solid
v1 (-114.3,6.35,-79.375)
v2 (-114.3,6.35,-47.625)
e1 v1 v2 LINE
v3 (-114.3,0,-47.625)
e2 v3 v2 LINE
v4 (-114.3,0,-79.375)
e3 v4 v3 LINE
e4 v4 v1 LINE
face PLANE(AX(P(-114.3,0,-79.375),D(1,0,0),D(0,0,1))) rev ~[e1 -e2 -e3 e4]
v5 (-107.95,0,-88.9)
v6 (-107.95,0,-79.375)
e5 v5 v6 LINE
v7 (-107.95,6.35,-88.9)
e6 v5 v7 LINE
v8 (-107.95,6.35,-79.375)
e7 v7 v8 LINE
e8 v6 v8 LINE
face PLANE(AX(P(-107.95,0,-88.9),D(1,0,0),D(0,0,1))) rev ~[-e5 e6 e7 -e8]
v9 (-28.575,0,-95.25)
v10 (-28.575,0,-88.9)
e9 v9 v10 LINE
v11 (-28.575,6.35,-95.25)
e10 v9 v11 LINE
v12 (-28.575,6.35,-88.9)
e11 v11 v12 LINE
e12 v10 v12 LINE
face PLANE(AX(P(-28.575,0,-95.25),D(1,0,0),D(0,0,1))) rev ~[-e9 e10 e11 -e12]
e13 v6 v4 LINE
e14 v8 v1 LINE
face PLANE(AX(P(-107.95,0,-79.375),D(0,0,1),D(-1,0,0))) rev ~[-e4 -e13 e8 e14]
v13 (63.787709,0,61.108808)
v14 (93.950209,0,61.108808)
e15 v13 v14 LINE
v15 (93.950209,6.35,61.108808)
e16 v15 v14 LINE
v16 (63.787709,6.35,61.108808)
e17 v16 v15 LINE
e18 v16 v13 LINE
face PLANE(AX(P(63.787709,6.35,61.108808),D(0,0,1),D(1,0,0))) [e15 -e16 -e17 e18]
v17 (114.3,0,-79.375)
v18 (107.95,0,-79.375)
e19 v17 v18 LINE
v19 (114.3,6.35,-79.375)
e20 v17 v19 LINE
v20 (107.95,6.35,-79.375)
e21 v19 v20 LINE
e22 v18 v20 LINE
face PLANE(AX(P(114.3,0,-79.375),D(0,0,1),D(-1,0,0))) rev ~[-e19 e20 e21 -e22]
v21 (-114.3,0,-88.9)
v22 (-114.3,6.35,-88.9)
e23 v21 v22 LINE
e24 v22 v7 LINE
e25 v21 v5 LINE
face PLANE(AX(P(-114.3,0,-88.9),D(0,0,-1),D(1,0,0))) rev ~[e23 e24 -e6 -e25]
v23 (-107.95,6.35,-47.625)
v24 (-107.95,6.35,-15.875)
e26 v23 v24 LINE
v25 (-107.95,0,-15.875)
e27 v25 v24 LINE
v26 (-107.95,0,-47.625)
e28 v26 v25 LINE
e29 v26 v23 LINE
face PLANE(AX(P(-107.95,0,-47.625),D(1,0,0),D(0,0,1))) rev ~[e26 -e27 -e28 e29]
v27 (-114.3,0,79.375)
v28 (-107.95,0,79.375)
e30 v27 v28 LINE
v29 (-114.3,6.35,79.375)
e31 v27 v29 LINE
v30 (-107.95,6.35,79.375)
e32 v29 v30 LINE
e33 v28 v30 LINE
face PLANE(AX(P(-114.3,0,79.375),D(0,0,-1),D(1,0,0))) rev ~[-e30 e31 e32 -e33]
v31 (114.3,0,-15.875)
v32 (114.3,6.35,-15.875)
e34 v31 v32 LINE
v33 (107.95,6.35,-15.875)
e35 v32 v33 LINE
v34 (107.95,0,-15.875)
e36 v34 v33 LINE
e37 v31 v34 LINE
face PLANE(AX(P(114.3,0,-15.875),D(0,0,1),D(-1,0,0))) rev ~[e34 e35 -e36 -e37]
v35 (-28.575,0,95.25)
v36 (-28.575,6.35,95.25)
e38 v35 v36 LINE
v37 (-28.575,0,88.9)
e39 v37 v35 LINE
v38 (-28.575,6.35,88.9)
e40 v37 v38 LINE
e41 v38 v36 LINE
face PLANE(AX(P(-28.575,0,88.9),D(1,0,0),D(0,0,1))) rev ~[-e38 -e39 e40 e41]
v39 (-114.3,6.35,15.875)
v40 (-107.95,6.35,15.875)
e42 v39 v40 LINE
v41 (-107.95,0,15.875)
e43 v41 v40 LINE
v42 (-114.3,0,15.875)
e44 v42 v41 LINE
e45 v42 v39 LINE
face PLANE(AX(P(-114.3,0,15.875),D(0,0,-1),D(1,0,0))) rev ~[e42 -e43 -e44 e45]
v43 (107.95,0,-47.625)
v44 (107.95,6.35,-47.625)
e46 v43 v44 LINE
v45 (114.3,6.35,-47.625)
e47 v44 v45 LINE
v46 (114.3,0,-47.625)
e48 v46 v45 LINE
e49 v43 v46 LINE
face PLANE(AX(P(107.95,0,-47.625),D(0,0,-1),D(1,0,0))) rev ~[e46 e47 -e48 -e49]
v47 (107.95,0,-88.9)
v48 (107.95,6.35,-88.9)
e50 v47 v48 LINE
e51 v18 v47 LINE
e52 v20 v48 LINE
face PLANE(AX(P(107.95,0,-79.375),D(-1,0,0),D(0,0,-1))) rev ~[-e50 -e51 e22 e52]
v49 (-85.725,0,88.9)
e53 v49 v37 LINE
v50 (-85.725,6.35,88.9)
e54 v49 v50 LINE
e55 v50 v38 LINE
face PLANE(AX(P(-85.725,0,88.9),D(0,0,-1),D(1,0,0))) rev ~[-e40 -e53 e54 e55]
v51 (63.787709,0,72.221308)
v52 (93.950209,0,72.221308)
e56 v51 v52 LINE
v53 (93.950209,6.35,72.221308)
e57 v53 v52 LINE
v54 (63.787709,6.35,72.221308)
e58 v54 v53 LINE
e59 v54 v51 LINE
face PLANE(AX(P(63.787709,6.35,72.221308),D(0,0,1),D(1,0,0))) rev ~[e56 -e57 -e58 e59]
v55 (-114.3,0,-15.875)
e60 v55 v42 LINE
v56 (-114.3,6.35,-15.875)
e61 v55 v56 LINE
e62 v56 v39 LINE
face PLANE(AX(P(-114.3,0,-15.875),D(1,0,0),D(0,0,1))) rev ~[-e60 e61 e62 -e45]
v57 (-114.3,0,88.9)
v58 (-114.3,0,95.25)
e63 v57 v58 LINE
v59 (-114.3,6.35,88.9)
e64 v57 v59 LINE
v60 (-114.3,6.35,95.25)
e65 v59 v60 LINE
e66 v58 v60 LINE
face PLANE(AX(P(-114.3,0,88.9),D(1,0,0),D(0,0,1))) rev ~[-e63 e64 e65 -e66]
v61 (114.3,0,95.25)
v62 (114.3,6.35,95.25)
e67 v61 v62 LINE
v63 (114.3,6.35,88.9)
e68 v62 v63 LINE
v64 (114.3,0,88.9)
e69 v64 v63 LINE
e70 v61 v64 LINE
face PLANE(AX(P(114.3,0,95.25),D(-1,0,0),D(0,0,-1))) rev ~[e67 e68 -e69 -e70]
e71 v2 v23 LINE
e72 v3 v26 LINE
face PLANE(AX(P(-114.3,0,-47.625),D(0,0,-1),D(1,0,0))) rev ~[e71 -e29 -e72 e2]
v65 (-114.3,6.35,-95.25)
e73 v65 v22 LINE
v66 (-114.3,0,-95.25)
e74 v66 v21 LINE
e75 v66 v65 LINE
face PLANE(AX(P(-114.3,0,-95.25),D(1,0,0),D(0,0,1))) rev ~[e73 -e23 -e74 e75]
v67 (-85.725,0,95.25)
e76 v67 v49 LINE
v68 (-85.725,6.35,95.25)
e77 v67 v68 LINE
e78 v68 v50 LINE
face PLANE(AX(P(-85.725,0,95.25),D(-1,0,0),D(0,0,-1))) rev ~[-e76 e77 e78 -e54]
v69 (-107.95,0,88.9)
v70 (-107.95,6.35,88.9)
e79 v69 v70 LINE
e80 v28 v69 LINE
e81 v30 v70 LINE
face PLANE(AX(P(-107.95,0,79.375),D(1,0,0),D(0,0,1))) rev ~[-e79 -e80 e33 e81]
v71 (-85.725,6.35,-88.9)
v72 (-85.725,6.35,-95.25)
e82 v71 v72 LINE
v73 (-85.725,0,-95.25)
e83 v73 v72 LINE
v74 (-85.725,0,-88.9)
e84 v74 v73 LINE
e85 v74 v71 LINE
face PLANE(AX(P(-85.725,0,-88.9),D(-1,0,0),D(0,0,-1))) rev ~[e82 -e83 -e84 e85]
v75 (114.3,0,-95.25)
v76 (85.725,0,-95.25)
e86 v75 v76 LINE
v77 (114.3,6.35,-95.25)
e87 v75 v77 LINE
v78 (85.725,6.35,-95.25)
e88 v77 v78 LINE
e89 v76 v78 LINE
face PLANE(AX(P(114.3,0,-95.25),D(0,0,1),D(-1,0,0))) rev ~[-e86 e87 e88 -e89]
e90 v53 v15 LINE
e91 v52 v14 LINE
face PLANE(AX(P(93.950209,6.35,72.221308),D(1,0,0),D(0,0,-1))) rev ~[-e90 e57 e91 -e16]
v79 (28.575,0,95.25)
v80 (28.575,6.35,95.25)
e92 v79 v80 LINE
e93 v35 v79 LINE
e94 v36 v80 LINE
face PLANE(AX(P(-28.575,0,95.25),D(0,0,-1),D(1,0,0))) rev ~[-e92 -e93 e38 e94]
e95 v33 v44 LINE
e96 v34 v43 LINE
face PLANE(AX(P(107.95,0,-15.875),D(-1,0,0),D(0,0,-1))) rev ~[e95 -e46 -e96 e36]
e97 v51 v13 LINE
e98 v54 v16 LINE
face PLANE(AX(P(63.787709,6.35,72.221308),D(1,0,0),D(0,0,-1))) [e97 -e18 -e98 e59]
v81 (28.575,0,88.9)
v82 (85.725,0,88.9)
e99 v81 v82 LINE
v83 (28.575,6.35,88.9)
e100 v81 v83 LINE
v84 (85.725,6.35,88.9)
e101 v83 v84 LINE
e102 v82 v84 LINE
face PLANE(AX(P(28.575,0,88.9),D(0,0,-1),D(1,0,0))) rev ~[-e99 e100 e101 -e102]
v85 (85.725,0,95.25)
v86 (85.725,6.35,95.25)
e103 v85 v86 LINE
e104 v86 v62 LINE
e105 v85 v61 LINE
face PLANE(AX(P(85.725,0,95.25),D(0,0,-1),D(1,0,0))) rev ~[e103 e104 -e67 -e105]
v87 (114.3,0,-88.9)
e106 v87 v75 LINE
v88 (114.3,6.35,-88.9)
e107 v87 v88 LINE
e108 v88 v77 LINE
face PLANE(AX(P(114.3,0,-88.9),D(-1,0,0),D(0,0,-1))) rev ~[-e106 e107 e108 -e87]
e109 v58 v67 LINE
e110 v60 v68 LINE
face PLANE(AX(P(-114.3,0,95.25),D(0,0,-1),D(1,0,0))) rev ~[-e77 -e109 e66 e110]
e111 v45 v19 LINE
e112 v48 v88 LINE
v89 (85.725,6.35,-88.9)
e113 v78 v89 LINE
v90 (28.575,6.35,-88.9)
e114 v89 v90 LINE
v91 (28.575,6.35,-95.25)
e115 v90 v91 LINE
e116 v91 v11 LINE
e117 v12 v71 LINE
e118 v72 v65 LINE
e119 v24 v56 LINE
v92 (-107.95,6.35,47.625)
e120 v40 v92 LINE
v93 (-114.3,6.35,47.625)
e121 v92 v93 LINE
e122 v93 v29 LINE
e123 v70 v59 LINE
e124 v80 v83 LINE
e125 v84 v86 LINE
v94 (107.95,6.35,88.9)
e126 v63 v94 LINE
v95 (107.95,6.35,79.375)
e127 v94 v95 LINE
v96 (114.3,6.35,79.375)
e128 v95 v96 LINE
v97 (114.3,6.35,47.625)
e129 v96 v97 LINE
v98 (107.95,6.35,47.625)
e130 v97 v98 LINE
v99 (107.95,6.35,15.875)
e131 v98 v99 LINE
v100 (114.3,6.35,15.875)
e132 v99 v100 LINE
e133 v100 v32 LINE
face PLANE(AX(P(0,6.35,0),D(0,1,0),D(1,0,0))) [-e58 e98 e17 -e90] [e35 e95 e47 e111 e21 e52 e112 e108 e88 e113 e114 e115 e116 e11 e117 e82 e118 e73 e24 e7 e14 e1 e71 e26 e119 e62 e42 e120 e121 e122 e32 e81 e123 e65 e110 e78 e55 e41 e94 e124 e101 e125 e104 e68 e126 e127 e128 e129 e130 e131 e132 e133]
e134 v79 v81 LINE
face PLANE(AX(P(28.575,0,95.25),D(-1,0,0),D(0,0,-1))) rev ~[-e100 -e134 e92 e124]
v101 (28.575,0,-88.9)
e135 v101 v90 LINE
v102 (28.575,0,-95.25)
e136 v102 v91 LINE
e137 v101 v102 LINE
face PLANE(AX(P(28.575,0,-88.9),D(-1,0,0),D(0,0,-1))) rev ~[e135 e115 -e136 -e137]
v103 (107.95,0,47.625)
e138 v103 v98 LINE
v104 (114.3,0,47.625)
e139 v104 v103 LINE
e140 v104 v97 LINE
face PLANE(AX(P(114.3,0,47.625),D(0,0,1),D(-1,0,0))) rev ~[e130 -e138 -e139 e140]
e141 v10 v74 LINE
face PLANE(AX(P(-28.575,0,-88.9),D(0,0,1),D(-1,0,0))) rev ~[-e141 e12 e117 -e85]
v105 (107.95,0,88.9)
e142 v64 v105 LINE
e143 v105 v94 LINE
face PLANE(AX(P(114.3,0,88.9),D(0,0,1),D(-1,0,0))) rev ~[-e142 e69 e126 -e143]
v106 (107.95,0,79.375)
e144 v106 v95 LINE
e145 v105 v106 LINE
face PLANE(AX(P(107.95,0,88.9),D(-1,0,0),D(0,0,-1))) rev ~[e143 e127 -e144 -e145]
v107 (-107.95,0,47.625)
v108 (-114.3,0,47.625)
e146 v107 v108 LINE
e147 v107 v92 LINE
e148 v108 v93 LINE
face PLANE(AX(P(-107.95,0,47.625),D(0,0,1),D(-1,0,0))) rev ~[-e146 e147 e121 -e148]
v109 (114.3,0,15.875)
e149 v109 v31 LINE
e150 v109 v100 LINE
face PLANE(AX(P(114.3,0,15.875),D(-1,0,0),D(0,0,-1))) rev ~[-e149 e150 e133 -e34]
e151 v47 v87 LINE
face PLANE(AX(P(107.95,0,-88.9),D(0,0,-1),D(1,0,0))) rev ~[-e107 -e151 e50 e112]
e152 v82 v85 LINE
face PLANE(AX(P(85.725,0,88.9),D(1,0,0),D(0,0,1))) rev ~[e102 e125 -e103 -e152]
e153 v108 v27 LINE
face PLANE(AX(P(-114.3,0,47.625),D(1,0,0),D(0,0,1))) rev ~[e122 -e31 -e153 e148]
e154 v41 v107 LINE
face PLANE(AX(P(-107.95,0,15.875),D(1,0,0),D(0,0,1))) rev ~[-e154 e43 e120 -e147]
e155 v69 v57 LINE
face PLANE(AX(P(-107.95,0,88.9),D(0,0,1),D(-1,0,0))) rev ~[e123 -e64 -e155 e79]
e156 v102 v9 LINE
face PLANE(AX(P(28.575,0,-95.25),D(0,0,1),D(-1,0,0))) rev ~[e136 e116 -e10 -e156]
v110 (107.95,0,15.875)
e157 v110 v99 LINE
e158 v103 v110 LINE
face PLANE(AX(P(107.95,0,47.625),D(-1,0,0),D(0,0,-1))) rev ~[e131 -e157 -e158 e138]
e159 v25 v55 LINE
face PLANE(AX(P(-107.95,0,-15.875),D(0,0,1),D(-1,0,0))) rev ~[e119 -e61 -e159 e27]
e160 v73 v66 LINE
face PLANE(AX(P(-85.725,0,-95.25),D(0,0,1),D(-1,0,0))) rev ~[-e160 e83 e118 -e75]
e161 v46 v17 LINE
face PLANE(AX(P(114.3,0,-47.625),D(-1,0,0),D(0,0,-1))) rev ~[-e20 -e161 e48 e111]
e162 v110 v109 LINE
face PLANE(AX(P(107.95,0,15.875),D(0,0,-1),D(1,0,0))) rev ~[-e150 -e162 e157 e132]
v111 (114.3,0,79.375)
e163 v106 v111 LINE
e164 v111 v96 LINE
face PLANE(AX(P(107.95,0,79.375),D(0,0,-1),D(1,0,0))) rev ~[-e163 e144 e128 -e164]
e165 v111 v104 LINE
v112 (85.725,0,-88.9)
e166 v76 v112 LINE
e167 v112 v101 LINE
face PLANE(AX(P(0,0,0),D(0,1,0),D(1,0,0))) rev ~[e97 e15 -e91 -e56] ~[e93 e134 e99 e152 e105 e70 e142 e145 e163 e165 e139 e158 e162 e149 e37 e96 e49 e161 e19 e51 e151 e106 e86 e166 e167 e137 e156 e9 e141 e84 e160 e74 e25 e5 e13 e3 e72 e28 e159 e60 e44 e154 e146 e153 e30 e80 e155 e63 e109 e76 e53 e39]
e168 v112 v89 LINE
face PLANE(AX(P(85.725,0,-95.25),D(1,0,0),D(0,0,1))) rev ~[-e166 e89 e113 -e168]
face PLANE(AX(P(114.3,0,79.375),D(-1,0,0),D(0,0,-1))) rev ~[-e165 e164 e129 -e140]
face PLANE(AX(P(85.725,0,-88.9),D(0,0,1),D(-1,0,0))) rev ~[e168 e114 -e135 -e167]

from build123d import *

# Parameters (mm, degrees)
BOSS_EXTRUDE2_DEPTH = 6.35
SKETCH3_W           = 30.1625
SKETCH3_H           = 11.1125
CUT_EXTRUDE1_DEPTH  = 6.35


with BuildPart() as part:
    # Sketch1 → Boss-Extrude2 (new body)
    with BuildSketch(Plane(origin=(0, 0, 0), x_dir=(1, 0, 0), z_dir=(0, 1, 0))):
        Polygon((114.3, 95.25), (85.725, 95.25), (85.725, 88.9), (28.575, 88.9), (28.575, 95.25), (-28.575, 95.25), (-28.575, 88.9), (-85.725, 88.9), (-85.725, 95.25), (-114.3, 95.25), (-114.3, 88.9), (-107.95, 88.9), (-107.95, 79.375), (-114.3, 79.375), (-114.3, 47.625), (-107.95, 47.625), (-107.95, 15.875), (-114.3, 15.875), (-114.3, -15.875), (-107.95, -15.875), (-107.95, -47.625), (-114.3, -47.625), (-114.3, -79.375), (-107.95, -79.375), (-107.95, -88.9), (-114.3, -88.9), (-114.3, -95.25), (-85.725, -95.25), (-85.725, -88.9), (-28.575, -88.9), (-28.575, -95.25), (28.575, -95.25), (28.575, -88.9), (85.725, -88.9), (85.725, -95.25), (114.3, -95.25), (114.3, -88.9), (107.95, -88.9), (107.95, -79.375), (114.3, -79.375), (114.3, -47.625), (107.95, -47.625), (107.95, -15.875), (114.3, -15.875), (114.3, 15.875), (107.95, 15.875), (107.95, 47.625), (114.3, 47.625), (114.3, 79.375), (107.95, 79.375), (107.95, 88.9), (114.3, 88.9), align=None)
    extrude(amount=BOSS_EXTRUDE2_DEPTH)

    # Sketch3 → Cut-Extrude1 (cut)
    with BuildSketch(Plane(origin=(0, 6.35, 0), x_dir=(1, 0, 0), z_dir=(0, 1, 0))):
        with Locations((78.868959442, -66.665058112)):
            Rectangle(SKETCH3_W, SKETCH3_H)
    extrude(amount=-CUT_EXTRUDE1_DEPTH, mode=Mode.SUBTRACT)


solid = part.part
